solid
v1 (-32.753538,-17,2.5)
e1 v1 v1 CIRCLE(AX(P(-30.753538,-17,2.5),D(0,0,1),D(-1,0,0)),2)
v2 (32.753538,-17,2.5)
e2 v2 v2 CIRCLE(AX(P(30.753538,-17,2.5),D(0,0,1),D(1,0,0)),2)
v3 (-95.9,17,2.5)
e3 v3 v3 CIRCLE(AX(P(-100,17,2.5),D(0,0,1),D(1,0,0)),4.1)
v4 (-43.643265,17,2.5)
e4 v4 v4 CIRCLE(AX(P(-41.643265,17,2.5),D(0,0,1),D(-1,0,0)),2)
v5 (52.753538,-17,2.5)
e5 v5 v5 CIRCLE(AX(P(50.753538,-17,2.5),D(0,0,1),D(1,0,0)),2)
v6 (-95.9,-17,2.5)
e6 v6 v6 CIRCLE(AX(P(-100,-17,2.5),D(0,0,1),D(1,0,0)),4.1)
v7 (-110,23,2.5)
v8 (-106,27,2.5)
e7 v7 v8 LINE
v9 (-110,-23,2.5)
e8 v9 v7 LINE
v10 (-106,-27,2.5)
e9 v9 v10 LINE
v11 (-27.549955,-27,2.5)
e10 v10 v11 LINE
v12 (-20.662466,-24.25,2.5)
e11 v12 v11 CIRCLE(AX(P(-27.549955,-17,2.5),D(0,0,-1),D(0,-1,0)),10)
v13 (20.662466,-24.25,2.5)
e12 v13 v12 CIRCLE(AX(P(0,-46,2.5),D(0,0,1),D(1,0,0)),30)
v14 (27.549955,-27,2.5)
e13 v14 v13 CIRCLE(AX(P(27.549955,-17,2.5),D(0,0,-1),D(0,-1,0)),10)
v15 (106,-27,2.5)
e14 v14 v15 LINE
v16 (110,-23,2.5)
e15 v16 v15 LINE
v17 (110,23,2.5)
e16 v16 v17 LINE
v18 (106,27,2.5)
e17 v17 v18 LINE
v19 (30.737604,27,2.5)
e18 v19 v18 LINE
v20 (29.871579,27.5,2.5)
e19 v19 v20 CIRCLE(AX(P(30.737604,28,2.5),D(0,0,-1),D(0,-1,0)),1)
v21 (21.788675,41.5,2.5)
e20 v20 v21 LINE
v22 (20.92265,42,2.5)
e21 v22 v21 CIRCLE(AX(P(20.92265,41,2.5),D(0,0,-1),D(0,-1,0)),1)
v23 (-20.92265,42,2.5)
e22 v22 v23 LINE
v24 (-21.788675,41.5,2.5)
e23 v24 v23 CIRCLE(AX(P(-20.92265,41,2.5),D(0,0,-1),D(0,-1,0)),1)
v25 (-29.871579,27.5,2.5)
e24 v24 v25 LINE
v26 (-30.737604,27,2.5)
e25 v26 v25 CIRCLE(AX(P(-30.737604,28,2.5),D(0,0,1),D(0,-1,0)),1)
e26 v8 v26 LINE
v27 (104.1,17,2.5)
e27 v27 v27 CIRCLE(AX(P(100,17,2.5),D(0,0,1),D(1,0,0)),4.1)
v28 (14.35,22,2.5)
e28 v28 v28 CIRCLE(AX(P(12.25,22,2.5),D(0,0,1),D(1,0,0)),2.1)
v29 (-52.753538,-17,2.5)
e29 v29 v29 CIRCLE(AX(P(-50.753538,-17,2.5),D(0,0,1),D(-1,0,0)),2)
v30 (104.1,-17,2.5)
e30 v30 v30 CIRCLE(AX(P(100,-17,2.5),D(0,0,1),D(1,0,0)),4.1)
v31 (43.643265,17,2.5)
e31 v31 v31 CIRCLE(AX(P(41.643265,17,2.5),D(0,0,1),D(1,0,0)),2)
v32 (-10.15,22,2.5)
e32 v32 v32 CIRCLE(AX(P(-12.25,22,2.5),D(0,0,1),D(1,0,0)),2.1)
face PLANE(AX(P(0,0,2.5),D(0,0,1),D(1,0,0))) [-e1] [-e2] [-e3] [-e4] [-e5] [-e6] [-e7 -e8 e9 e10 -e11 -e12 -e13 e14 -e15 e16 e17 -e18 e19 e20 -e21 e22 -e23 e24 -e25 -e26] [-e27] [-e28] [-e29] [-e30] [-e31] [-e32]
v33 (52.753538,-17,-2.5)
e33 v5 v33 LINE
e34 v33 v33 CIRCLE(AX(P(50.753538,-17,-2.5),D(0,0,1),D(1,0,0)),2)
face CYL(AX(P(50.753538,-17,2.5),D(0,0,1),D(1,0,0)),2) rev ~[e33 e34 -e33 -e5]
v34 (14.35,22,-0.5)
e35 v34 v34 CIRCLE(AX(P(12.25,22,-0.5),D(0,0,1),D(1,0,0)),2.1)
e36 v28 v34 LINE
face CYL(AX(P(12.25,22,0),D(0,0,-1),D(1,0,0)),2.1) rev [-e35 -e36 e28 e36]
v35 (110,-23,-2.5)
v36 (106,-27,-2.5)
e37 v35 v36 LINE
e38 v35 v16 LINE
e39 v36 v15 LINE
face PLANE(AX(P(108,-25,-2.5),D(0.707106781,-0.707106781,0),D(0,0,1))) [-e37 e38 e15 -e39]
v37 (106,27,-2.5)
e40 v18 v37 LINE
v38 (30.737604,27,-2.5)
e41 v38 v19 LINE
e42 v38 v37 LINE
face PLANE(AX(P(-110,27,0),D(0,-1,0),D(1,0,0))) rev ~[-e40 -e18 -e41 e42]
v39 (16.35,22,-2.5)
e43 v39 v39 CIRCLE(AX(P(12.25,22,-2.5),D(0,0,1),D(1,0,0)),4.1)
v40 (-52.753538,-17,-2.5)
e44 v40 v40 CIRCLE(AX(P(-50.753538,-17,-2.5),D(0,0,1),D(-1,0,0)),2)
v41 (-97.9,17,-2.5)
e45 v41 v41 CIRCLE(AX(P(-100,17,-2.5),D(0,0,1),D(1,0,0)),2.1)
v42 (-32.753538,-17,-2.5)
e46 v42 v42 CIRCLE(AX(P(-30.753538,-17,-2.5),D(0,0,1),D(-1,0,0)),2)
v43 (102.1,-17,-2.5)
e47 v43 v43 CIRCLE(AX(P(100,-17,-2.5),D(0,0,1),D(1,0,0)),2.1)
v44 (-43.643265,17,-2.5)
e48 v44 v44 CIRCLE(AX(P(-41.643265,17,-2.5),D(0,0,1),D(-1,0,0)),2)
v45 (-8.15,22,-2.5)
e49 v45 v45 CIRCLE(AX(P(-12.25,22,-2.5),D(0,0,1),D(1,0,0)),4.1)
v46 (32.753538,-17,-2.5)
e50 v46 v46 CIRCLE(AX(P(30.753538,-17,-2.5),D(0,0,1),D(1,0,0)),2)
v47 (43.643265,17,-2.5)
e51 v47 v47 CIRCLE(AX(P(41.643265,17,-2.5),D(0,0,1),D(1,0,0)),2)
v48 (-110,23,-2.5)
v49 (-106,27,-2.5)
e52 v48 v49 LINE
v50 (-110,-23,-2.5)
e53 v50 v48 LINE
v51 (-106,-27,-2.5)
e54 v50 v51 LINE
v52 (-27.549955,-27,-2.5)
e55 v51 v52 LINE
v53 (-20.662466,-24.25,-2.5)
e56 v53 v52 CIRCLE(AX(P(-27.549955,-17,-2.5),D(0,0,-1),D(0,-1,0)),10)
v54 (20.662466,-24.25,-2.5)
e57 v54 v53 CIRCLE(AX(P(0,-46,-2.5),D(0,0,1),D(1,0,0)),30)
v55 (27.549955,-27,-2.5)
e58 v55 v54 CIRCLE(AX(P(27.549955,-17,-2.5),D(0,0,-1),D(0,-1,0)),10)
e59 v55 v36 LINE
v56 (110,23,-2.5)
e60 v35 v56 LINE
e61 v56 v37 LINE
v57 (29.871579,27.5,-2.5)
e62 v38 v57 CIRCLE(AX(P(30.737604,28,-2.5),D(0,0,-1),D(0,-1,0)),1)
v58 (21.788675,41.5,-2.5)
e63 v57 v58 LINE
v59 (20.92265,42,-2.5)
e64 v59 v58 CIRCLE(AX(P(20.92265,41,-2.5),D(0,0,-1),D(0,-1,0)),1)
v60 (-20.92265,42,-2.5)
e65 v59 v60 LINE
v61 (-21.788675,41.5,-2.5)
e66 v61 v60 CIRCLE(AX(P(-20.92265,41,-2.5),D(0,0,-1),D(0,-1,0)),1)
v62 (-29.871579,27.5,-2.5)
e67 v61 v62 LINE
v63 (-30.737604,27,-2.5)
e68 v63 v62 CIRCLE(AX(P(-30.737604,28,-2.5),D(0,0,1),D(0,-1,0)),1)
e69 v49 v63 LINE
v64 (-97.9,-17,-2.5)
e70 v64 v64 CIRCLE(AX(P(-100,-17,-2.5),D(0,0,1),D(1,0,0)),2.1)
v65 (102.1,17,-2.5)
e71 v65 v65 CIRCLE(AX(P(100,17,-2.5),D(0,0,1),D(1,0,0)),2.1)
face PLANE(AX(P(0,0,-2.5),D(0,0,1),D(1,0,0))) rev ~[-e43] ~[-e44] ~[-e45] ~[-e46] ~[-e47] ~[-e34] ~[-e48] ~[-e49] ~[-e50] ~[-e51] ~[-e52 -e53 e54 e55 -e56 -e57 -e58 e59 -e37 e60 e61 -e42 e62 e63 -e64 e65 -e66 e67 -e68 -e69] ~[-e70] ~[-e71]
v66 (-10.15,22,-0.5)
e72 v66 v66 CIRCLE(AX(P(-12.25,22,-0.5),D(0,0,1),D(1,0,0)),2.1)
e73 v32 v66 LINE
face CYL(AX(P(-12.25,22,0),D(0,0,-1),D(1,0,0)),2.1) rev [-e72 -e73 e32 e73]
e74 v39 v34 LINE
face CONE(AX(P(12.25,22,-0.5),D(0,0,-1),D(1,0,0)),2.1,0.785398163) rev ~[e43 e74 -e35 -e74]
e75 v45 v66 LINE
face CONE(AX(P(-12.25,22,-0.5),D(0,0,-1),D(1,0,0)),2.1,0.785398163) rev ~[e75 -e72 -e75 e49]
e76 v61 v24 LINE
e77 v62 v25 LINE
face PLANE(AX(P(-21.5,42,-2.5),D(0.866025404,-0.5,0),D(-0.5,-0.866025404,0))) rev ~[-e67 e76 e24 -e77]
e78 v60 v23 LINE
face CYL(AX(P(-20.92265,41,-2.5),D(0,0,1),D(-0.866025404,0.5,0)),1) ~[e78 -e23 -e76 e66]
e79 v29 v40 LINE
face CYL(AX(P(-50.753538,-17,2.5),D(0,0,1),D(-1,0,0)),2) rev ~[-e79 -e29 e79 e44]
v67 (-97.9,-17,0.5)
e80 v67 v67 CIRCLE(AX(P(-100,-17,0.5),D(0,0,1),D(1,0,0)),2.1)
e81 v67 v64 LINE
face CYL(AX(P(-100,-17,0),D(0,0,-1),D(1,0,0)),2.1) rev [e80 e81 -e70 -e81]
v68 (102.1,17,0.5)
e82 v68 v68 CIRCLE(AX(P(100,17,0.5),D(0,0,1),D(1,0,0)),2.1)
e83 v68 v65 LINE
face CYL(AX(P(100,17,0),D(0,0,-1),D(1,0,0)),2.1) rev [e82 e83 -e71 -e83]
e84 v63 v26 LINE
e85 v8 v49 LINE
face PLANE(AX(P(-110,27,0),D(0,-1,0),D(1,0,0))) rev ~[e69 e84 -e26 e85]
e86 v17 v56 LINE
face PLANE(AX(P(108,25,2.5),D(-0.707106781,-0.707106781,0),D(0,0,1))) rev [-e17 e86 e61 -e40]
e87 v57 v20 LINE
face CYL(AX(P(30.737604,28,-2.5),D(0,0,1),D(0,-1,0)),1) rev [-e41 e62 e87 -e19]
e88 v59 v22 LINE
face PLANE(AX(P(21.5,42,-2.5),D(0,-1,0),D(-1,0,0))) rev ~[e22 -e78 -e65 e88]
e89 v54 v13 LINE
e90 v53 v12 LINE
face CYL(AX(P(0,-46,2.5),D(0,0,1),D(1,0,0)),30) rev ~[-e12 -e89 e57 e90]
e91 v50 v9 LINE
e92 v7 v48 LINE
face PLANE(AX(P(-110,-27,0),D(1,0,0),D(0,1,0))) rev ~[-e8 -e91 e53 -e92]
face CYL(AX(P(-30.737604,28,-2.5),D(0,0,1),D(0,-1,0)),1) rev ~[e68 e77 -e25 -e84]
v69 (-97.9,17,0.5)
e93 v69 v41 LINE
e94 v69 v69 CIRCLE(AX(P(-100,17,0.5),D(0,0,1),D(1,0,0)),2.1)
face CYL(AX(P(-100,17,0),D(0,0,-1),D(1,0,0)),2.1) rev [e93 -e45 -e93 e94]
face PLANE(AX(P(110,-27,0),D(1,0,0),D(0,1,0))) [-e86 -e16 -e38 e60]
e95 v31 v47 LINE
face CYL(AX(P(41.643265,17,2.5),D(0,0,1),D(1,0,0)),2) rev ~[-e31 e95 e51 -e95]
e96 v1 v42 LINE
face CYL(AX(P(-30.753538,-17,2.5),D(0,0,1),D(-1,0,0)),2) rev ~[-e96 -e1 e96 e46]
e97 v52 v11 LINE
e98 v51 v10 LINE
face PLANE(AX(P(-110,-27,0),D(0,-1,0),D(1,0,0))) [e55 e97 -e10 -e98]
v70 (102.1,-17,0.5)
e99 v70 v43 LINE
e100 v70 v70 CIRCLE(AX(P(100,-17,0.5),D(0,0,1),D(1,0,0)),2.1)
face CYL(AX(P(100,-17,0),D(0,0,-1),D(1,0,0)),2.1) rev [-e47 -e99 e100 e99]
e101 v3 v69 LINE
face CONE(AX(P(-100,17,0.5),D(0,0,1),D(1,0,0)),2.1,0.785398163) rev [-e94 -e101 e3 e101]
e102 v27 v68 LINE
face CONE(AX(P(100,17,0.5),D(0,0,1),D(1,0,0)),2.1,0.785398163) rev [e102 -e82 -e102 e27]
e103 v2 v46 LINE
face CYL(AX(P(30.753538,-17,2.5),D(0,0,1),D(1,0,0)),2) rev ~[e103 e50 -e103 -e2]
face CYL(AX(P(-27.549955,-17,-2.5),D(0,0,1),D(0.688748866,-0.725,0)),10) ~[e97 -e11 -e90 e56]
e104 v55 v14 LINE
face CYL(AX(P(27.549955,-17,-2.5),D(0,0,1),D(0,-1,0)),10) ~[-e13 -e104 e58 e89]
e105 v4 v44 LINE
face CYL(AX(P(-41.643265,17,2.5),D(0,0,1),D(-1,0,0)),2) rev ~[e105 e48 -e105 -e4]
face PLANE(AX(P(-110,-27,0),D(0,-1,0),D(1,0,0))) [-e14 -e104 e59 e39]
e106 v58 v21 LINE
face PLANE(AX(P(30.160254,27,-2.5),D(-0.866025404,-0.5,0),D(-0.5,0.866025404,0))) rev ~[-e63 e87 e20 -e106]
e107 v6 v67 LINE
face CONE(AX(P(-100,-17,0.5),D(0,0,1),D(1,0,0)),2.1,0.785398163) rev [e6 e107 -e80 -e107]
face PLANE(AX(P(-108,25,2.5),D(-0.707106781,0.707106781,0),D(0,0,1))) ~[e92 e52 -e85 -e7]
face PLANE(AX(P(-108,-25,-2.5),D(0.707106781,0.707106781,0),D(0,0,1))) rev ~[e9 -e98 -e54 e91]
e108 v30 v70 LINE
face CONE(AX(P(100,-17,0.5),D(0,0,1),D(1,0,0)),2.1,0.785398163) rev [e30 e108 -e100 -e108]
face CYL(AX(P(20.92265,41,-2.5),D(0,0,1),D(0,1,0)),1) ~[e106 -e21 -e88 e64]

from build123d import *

# Parameters (mm, degrees)
SKETCH_1_W          = 220
SKETCH_1_H          = 54
SKETCH_1_R          = 2.1
EXTRUDE_1_DEPTH     = 2.5
CHAMFER_1_SIZE      = 4
CHAMFER_2_SIZE      = 2
SKETCH_3_R          = 2
CUT_EXTRUDE_1_DEPTH = 114.375482358
SKETCH_4_R          = 30
CUT_EXTRUDE_2_DEPTH = 114.375482358
FILLET_1_R          = 10
EXTRUDE_2_DEPTH     = 5
FILLET_2_R          = 1


with BuildPart() as part:
    # 草图1 → 凸台-拉伸1 (new, symmetric)
    with BuildSketch(Plane.XY):
        Rectangle(SKETCH_1_W, SKETCH_1_H)
        with Locations((-100, 17)):
            Circle(SKETCH_1_R, mode=Mode.SUBTRACT)
        with Locations((-100, -17)):
            Circle(SKETCH_1_R, mode=Mode.SUBTRACT)
        with Locations((100, 17)):
            Circle(SKETCH_1_R, mode=Mode.SUBTRACT)
        with Locations((100, -17)):
            Circle(SKETCH_1_R, mode=Mode.SUBTRACT)
        with Locations((-12.25, 22)):
            Circle(SKETCH_1_R, mode=Mode.SUBTRACT)
        with Locations((12.25, 22)):
            Circle(SKETCH_1_R, mode=Mode.SUBTRACT)
    extrude(amount=EXTRUDE_1_DEPTH, both=True)

    # 倒角1
    chamfer_1_edges = [part.edges().sort_by_distance(p)[0] for p in [
        (-110, 27, 0),
        (110, 27, 0),
        (110, -27, 0),
        (-110, -27, 0),
    ]]
    chamfer(chamfer_1_edges, length=CHAMFER_1_SIZE)

    # 倒角2
    chamfer_2_edges = [part.edges().sort_by_distance(p)[0] for p in [
        (-102.1, 17, 2.5),
        (-102.1, -17, 2.5),
        (97.9, 17, 2.5),
        (97.9, -17, 2.5),
        (-14.35, 22, -2.5),
        (10.15, 22, -2.5),
    ]]
    chamfer(chamfer_2_edges, length=CHAMFER_2_SIZE)

    # 草图3 → 切除-拉伸1 (cut, through all)
    with BuildSketch(Plane.XY.offset(2.5)):
        with Locations((50.753537587, -17)):
            Circle(SKETCH_3_R)
        with Locations((41.643265044, 17)):
            Circle(SKETCH_3_R)
        with Locations((30.753537587, -17)):
            Circle(SKETCH_3_R)
        with Locations(Location((-41.643265044, 17, 0), (0, 0, 180))):
            Circle(SKETCH_3_R)
        with Locations(Location((-50.753537587, -17, 0), (0, 0, 180))):
            Circle(SKETCH_3_R)
        with Locations(Location((-30.753537587, -17, 0), (0, 0, 180))):
            Circle(SKETCH_3_R)
    extrude(amount=-CUT_EXTRUDE_1_DEPTH, mode=Mode.SUBTRACT)

    # 草图4 → 切除-拉伸2 (cut, through all)
    with BuildSketch(Plane.XY.offset(2.5)):
        with Locations((0, -46)):
            Circle(SKETCH_4_R)
    extrude(amount=-CUT_EXTRUDE_2_DEPTH, mode=Mode.SUBTRACT)

    # 圆角1
    fillet_1_edges = [part.edges().sort_by_distance(p)[0] for p in [
        (23.216373532, -27, 0),
        (-23.216373532, -27, 0),
    ]]
    fillet(fillet_1_edges, radius=FILLET_1_R)

    # 草图5 → 凸台-拉伸2 (add)
    with BuildSketch(Plane(origin=(0, 0, -2.5), x_dir=(-1, 0, 0), z_dir=(0, 0, -1))):
        Polygon((-21.5, 42), (21.5, 42), (30.160254038, 27), (-30.160254038, 27), align=None)
    extrude(amount=-EXTRUDE_2_DEPTH)

    # 圆角2
    fillet_2_edges = [part.edges().sort_by_distance(p)[0] for p in [
        (-30.160254038, 27, 0),
        (-21.5, 42, 0),
        (21.5, 42, 0),
        (30.160254038, 27, 0),
    ]]
    fillet(fillet_2_edges, radius=FILLET_2_R)


solid = part.part
